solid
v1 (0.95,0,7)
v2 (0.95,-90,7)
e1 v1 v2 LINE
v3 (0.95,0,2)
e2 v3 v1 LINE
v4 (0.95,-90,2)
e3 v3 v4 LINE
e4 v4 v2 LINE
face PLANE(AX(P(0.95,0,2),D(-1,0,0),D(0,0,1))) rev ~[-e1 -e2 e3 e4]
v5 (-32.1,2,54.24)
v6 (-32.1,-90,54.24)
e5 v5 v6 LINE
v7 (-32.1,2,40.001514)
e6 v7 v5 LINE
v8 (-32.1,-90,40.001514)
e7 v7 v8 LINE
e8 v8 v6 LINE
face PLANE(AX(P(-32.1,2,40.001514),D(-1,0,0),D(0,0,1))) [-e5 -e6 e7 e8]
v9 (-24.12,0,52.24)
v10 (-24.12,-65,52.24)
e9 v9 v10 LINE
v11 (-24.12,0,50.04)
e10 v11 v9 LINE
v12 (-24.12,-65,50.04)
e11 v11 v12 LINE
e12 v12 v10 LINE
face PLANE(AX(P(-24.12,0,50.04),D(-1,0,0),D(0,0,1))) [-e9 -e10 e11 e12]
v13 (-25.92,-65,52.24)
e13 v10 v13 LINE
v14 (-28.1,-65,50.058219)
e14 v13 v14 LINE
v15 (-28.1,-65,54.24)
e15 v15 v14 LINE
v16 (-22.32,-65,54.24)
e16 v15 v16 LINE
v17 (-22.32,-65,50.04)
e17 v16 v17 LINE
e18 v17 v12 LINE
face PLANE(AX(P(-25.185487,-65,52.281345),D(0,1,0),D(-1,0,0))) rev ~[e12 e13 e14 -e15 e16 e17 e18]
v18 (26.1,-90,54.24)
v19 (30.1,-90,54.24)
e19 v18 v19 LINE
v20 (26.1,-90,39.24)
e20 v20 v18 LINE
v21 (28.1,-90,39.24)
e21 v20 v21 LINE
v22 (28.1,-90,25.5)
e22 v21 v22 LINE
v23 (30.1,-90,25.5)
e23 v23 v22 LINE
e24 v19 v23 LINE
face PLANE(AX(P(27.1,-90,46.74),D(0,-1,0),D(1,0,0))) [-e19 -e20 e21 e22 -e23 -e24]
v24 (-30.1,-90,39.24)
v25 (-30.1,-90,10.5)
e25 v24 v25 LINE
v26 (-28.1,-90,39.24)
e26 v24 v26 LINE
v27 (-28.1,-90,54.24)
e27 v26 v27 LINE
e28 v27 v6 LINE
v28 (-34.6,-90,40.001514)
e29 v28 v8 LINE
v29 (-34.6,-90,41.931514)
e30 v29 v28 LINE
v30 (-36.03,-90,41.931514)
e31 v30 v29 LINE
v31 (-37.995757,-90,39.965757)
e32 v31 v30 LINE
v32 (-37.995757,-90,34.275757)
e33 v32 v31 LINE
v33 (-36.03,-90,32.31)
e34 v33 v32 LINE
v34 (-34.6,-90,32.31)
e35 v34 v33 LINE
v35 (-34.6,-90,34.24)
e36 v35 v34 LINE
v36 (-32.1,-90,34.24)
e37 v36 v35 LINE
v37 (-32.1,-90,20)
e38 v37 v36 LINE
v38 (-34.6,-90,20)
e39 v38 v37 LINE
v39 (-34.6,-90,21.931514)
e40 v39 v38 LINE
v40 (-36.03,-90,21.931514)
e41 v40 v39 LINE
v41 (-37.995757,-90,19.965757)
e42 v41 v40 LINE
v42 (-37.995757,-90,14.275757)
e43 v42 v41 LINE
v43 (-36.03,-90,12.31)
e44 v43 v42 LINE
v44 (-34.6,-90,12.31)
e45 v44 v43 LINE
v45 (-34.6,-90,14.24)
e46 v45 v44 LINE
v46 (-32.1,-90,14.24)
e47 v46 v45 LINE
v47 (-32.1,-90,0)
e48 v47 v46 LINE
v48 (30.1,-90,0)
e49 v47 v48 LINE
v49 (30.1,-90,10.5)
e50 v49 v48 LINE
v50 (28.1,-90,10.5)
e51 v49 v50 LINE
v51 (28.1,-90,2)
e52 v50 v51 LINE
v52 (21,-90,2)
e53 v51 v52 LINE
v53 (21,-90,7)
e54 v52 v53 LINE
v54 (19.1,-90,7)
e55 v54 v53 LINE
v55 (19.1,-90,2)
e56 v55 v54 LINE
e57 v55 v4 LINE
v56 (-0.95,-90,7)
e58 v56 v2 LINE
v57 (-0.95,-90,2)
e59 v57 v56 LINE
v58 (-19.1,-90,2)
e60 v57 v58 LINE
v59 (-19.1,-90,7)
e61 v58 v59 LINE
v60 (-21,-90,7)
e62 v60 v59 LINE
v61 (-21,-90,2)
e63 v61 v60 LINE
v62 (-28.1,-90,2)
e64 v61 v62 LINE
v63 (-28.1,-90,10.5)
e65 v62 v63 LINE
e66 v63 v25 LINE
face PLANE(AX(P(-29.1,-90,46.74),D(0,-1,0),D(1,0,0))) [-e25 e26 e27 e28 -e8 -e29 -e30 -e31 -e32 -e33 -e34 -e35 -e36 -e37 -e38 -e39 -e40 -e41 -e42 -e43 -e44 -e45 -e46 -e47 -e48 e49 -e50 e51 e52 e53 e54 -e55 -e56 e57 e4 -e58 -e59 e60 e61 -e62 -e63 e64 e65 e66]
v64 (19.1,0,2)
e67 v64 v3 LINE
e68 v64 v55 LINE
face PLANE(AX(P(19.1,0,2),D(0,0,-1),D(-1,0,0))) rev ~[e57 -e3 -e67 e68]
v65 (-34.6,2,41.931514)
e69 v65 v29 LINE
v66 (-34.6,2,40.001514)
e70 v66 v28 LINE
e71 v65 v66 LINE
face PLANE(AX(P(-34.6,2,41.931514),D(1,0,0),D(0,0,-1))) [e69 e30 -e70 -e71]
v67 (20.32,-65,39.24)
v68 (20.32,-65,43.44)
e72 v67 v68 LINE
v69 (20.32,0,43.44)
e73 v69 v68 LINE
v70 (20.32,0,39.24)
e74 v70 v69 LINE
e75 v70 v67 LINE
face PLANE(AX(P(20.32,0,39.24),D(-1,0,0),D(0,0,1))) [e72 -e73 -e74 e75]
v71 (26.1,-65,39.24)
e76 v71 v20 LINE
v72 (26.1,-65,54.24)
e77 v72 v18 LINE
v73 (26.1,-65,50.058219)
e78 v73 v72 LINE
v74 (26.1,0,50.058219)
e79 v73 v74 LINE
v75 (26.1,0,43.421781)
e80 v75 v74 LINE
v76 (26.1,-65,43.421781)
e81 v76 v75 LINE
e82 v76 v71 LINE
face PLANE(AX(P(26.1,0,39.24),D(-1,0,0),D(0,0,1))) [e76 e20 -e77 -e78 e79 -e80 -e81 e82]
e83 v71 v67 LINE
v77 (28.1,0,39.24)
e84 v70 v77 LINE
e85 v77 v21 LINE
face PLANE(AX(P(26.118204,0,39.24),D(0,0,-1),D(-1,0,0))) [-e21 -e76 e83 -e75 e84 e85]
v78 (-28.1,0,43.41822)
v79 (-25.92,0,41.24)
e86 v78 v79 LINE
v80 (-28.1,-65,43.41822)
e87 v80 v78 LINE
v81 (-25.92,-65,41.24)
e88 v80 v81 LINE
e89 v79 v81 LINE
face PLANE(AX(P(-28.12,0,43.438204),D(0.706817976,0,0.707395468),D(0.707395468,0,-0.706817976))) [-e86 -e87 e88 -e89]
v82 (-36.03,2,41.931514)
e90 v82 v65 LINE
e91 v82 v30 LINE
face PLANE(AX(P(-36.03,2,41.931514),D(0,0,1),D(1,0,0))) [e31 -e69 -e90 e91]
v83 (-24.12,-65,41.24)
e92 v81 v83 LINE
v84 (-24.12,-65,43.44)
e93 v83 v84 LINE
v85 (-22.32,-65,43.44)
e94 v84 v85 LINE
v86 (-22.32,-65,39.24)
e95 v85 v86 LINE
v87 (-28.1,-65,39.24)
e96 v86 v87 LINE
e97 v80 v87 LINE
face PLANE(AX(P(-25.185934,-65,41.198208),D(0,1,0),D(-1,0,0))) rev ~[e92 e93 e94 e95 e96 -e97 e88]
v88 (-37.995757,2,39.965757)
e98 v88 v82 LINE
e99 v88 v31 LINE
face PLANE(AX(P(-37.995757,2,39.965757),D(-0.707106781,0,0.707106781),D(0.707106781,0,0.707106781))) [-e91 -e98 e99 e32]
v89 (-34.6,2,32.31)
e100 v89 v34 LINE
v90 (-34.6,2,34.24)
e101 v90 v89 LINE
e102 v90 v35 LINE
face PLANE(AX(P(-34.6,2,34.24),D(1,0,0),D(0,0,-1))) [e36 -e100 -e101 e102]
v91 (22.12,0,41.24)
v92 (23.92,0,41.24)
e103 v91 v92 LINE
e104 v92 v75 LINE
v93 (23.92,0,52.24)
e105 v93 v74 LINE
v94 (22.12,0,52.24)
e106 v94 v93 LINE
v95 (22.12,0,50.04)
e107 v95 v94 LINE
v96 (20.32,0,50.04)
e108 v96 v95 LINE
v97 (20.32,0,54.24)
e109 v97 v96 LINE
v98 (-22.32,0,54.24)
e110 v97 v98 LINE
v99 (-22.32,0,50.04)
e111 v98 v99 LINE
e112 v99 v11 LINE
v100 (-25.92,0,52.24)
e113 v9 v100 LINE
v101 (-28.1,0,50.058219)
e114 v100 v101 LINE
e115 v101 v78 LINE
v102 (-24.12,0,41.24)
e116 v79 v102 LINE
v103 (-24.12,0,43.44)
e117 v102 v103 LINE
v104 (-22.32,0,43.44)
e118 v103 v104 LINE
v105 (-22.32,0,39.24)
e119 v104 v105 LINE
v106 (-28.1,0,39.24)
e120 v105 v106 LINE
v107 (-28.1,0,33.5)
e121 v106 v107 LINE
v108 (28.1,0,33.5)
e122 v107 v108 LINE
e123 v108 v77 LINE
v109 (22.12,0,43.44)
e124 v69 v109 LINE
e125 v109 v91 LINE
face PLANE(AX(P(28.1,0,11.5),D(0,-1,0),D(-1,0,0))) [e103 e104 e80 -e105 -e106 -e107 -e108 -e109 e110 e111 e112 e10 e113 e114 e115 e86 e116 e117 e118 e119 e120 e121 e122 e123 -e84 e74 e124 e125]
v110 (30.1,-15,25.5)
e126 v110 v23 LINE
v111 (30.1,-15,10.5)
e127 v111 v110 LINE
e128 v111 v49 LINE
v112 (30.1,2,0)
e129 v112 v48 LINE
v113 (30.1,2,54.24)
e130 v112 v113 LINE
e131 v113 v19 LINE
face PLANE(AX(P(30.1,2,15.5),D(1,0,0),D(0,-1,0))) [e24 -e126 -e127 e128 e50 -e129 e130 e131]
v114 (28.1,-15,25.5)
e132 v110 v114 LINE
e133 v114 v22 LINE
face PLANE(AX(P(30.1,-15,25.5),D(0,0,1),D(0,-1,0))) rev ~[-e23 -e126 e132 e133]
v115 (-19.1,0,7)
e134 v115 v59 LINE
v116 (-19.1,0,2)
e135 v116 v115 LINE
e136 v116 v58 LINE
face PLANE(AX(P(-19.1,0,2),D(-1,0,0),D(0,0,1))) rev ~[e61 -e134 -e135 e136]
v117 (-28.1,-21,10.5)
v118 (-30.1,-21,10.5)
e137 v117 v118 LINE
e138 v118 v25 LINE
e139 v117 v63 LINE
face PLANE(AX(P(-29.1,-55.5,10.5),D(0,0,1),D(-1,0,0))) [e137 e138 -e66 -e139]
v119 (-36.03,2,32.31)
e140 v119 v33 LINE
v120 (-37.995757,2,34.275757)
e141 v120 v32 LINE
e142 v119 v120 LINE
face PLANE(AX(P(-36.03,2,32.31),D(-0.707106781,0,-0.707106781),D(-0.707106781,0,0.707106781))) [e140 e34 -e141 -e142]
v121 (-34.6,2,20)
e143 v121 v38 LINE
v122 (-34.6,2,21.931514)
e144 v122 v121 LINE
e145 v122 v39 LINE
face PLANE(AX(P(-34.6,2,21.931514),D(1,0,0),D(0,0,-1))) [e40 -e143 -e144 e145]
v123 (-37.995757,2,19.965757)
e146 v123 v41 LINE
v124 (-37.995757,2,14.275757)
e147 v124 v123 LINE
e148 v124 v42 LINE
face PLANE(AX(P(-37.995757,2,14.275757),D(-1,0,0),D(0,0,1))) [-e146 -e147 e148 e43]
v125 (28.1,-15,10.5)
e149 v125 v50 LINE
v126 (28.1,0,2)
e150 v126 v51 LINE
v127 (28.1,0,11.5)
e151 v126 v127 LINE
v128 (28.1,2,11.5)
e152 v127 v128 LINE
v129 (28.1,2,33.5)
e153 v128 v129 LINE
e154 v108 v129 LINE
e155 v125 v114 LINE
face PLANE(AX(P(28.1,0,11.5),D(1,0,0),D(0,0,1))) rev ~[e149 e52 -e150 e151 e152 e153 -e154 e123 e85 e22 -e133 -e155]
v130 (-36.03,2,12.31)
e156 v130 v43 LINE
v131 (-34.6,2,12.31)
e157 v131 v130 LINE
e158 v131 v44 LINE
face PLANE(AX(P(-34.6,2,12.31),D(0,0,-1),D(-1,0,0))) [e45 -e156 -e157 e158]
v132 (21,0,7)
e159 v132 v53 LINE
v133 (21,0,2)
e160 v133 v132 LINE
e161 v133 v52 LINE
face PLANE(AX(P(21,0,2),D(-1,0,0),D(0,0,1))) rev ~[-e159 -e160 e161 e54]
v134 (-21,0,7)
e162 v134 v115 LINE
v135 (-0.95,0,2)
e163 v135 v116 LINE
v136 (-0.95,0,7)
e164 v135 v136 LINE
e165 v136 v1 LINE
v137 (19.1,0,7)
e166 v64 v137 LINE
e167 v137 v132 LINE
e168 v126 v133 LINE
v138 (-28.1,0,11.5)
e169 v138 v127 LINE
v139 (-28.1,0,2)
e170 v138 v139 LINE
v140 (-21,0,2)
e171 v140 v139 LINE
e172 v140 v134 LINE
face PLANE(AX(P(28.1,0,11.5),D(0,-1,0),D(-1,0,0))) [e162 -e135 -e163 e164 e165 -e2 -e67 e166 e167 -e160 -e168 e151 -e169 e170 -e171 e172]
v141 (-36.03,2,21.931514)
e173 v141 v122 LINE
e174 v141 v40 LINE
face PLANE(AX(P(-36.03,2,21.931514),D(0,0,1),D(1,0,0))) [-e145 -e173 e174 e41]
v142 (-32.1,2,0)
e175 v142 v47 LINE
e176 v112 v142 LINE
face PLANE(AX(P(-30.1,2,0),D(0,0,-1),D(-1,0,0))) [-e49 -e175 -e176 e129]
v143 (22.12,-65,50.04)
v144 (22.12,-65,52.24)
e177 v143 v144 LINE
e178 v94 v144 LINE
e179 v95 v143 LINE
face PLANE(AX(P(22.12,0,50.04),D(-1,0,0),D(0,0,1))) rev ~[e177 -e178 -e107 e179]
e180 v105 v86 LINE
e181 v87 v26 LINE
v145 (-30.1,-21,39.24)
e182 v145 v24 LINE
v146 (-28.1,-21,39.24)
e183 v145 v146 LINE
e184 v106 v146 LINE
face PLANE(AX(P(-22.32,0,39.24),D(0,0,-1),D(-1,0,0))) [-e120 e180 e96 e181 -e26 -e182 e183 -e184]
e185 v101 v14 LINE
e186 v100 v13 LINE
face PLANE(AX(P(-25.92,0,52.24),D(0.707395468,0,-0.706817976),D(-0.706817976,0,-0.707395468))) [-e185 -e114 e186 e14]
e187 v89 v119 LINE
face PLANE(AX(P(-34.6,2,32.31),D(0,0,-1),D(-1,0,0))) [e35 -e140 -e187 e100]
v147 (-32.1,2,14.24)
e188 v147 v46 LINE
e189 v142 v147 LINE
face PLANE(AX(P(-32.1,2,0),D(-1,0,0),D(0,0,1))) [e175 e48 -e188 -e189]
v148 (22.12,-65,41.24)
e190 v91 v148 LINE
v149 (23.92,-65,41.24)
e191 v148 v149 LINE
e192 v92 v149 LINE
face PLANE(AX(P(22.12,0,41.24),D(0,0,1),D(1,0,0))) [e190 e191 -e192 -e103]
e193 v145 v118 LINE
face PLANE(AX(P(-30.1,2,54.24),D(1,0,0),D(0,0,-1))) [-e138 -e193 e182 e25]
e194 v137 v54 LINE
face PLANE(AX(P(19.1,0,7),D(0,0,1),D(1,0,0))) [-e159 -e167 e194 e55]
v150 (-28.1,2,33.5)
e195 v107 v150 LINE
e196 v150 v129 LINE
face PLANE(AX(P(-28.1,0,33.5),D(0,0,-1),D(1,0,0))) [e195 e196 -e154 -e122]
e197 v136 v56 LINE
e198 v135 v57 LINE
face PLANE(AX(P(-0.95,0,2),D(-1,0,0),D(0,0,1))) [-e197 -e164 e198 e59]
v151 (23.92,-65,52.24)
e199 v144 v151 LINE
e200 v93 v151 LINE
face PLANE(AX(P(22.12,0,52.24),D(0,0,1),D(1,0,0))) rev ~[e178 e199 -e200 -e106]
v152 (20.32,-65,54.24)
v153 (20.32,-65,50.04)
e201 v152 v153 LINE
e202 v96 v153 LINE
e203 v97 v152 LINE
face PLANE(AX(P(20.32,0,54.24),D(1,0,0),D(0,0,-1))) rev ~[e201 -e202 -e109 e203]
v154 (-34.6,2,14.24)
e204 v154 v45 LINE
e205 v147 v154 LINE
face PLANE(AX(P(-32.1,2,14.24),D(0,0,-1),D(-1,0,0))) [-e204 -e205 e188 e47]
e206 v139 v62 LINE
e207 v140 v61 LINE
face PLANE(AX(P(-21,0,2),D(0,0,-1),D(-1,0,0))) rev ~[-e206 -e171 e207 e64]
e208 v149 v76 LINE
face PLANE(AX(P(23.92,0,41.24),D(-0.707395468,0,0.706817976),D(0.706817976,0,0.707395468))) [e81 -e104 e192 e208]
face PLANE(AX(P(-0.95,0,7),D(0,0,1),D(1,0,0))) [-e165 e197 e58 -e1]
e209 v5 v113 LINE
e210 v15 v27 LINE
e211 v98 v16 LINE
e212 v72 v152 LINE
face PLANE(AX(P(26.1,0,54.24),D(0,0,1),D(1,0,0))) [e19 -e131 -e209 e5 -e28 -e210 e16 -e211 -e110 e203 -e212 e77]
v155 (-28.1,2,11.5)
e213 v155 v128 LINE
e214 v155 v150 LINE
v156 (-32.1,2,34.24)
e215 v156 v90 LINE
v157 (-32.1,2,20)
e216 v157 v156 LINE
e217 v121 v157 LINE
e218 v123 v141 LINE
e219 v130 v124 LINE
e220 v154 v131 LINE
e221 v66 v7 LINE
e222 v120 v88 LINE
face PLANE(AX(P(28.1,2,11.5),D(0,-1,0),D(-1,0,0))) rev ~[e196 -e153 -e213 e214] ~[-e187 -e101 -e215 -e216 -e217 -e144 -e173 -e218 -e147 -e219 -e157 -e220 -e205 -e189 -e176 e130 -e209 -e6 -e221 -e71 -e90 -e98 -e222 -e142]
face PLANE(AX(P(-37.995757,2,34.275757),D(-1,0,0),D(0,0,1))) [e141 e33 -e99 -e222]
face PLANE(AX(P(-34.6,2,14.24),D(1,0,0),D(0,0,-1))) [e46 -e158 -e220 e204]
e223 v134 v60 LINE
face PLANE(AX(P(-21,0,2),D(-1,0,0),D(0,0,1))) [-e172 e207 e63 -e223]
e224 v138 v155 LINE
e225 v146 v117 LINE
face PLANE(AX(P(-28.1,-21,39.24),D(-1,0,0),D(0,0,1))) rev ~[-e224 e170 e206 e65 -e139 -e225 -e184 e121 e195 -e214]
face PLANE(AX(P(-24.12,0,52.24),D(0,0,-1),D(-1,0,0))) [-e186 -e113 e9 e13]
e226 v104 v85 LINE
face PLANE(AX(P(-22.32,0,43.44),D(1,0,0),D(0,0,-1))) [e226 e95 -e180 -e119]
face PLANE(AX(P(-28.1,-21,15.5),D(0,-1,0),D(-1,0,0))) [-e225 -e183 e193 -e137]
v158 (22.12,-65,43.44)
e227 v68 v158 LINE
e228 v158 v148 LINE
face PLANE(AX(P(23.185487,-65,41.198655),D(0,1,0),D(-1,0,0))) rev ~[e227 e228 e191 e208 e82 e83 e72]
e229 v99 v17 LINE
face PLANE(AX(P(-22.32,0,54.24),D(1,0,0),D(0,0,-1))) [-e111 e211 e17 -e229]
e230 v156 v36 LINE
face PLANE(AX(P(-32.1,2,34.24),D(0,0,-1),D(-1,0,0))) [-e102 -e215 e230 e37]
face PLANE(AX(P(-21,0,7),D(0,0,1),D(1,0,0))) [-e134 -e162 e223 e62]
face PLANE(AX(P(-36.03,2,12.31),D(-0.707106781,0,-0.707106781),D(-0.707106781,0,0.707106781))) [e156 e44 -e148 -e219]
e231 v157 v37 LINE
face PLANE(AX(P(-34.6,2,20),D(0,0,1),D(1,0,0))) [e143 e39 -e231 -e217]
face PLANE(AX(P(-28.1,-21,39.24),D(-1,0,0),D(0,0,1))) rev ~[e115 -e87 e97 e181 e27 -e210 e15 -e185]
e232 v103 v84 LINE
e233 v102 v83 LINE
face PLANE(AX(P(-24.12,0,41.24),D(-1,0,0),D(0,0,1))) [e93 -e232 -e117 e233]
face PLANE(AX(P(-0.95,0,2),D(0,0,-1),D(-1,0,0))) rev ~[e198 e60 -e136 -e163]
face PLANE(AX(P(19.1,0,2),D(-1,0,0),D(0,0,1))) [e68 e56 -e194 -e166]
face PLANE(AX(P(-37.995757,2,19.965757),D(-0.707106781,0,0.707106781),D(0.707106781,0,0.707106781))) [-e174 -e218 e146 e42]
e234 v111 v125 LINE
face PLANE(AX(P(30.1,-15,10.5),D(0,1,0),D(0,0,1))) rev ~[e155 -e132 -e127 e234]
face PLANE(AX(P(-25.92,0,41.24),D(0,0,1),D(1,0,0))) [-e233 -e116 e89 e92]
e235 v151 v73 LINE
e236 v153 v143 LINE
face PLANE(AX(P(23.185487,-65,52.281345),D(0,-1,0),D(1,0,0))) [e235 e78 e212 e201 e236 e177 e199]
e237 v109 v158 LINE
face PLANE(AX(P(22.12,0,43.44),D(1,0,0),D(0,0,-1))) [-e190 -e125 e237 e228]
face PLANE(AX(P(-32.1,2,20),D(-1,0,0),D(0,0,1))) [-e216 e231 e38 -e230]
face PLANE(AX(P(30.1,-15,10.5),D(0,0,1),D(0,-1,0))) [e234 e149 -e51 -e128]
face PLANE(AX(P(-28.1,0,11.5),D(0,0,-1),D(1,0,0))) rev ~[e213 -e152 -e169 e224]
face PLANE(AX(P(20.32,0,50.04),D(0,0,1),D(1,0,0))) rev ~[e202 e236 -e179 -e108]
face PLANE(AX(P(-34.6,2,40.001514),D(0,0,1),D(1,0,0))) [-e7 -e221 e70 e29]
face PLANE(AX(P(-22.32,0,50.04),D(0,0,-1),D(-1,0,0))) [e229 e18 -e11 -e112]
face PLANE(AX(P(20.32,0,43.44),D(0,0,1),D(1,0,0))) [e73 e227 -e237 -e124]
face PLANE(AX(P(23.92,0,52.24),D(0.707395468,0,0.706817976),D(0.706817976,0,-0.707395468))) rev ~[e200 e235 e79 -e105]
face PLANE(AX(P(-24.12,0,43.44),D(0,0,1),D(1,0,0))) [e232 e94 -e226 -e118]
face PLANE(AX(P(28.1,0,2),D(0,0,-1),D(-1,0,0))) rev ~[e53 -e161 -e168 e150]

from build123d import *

# Parameters (mm, degrees)
SKETCH_W        = 1.9
SKETCH_H        = 5
PAD_DEPTH       = 90
SKETCH001_W     = 2
SKETCH001_H     = 69
SKETCH001_H_2   = 73
POCKET_DEPTH    = 5
SKETCH002_W     = 60.2
SKETCH002_H     = 11.5
PAD001_DEPTH    = 2
SKETCH004_W     = 2
SKETCH004_H     = 2
PAD002_DEPTH    = 4
PAD003_DEPTH    = 92
SKETCH006_W     = 2
SKETCH006_H     = 73
PAD004_DEPTH    = 5
SKETCH007_W     = 2
SKETCH007_H     = 92
PAD005_DEPTH    = 38.74
SKETCH008_W     = 15
SKETCH008_H     = 75
POCKET001_DEPTH = 2
SKETCH009_W     = 2
SKETCH009_H     = 23
PAD006_DEPTH    = 38.74
SKETCH010_W     = 56.2
SKETCH010_H     = 2
PAD007_DEPTH    = 42.74
SKETCH011_W     = 56.2
SKETCH011_H     = 22
POCKET002_DEPTH = 2
SKETCH012_W     = 2
SKETCH012_H     = 15
PAD008_DEPTH    = 69
SKETCH013_W     = 2
SKETCH013_H     = 15
PAD009_DEPTH    = 90
PAD010_DEPTH    = 65


with BuildPart() as part:
    # Sketch → Pad (new body)
    with BuildSketch(Plane.XZ):
        Polygon((-30.1, 0), (30.1, 0), (30.1, 15.5), (28.1, 15.5), (28.1, 2), (-28.1, 2), (-28.1, 15.5), (-30.1, 15.5), align=None)
        with Locations((0, 4.5)):
            Rectangle(SKETCH_W, SKETCH_H)
        with Locations((-20.05, 4.5)):
            Rectangle(SKETCH_W, SKETCH_H)
        with Locations((20.05, 4.5)):
            Rectangle(SKETCH_W, SKETCH_H)
    extrude(amount=PAD_DEPTH)

    # Sketch001 (on Face3 of Pad) → Pocket (cut)
    with BuildSketch(Plane(origin=(0, 0, 15.5), x_dir=(-1, 0, 0), z_dir=(0, 0, 1))):
        with Locations((29.1, 55.5)):
            Rectangle(SKETCH001_W, SKETCH001_H)
        with Locations((-29.1, 53.5)):
            Rectangle(SKETCH001_W, SKETCH001_H_2)
    extrude(amount=-POCKET_DEPTH, mode=Mode.SUBTRACT)

    # Sketch002 (on Face2 of Pocket) → Pad001 (join)
    with BuildSketch(Plane(origin=(0, 0, 0), x_dir=(1, 0, 0), z_dir=(0, 1, 0))):
        with Locations((0, -5.75)):
            Rectangle(SKETCH002_W, SKETCH002_H)
    extrude(amount=PAD001_DEPTH)

    # Sketch004 → Pad002 (join)
    with BuildSketch(Plane(origin=(0, 0, 11.5), x_dir=(-1, 0, 0), z_dir=(0, 0, 1))):
        with Locations((-29.1, -1)):
            Rectangle(SKETCH004_W, SKETCH004_H)
        with Locations((29.1, -1)):
            Rectangle(SKETCH004_W, SKETCH004_H)
    extrude(amount=PAD002_DEPTH)

    # Sketch005 (on Face26 of Pad002) → Pad003 (join)
    with BuildSketch(Plane(origin=(0, 2, 0), x_dir=(1, 0, 0), z_dir=(0, 1, 0))):
        Polygon((-30.1, -54.24), (-30.1, 0), (-32.1, 0), (-32.1, -14.24), (-34.6, -14.24), (-34.6, -12.31), (-36.03, -12.31), (-37.995757, -14.275757), (-37.995757, -19.965757), (-36.03, -21.931514), (-34.6, -21.931514), (-34.6, -20), (-32.1, -20), (-32.1, -34.24), (-34.6, -34.24), (-34.6, -32.31), (-36.03, -32.31), (-37.995757, -34.275757), (-37.995757, -39.965757), (-36.03, -41.931514), (-34.6, -41.931514), (-34.6, -40.001514), (-32.1, -40.001514), (-32.1, -54.24), align=None)
    extrude(amount=-PAD003_DEPTH)

    # Sketch006 (on Face46 of Pad003) → Pad004 (join)
    with BuildSketch(Plane(origin=(0, 0, 10.5), x_dir=(-1, 0, 0), z_dir=(0, 0, 1))):
        with Locations((-29.1, 53.5)):
            Rectangle(SKETCH006_W, SKETCH006_H)
    extrude(amount=PAD004_DEPTH)

    # Sketch007 (on Face48 of Pad004) → Pad005 (join)
    with BuildSketch(Plane(origin=(0, 0, 15.5), x_dir=(-1, 0, 0), z_dir=(0, 0, 1))):
        with Locations((-29.1, 44)):
            Rectangle(SKETCH007_W, SKETCH007_H)
    extrude(amount=PAD005_DEPTH)

    # Sketch008 (on Face48 of Pad005) → Pocket001 (cut)
    with BuildSketch(Plane(origin=(30.1, 0, 0), x_dir=(0, 0, 1), z_dir=(1, 0, 0))):
        with Locations((18, 52.5)):
            Rectangle(SKETCH008_W, SKETCH008_H)
    extrude(amount=-POCKET001_DEPTH, mode=Mode.SUBTRACT)

    # Sketch009 (on Face51 of Pocket001) → Pad006 (join)
    with BuildSketch(Plane(origin=(0, 0, 15.5), x_dir=(-1, 0, 0), z_dir=(0, 0, 1))):
        with Locations((29.1, 9.5)):
            Rectangle(SKETCH009_W, SKETCH009_H)
    extrude(amount=PAD006_DEPTH)

    # Sketch010 (on Face17 of Pad006) → Pad007 (join)
    with BuildSketch(Plane(origin=(0, 0, 11.5), x_dir=(-1, 0, 0), z_dir=(0, 0, 1))):
        with Locations((0, -1)):
            Rectangle(SKETCH010_W, SKETCH010_H)
    extrude(amount=PAD007_DEPTH)

    # Sketch011 (on Face47 of Pad007) → Pocket002 (cut)
    with BuildSketch(Plane.XZ):
        with Locations((0, 22.5)):
            Rectangle(SKETCH011_W, SKETCH011_H)
    extrude(amount=-POCKET002_DEPTH, mode=Mode.SUBTRACT)

    # Sketch012 (on Face49 of Pocket002) → Pad008 (join)
    with BuildSketch(Plane.XZ.offset(21)):
        with Locations((-29.1, 46.74)):
            Rectangle(SKETCH012_W, SKETCH012_H)
    extrude(amount=PAD008_DEPTH)

    # Sketch013 (on Face26 of Pad008) → Pad009 (join)
    with BuildSketch(Plane.XZ):
        with Locations((27.1, 46.74)):
            Rectangle(SKETCH013_W, SKETCH013_H)
    extrude(amount=PAD009_DEPTH)

    # Sketch014 (on Face45 of Pad009) → Pad010 (join)
    with BuildSketch(Plane.XZ):
        Polygon((20.32, 39.24), (20.32, 43.44), (22.12, 43.44), (22.12, 41.24), (23.92, 41.24), (26.118204, 43.44), (26.118204, 39.24), align=None)
        Polygon((20.32, 54.24), (20.32, 50.04), (22.12, 50.04), (22.12, 52.24), (23.92, 52.24), (26.118204, 50.04), (26.118204, 54.24), align=None)
        Polygon((-22.32, 43.44), (-22.32, 39.24), (-28.12, 39.24), (-28.12, 43.438204), (-25.92, 41.24), (-24.12, 41.24), (-24.12, 43.44), align=None)
        Polygon((-22.32, 54.24), (-22.32, 50.04), (-24.12, 50.04), (-24.12, 52.24), (-25.92, 52.24), (-28.118204, 50.04), (-28.118204, 54.24), align=None)
    extrude(amount=PAD010_DEPTH)


solid = part.part
